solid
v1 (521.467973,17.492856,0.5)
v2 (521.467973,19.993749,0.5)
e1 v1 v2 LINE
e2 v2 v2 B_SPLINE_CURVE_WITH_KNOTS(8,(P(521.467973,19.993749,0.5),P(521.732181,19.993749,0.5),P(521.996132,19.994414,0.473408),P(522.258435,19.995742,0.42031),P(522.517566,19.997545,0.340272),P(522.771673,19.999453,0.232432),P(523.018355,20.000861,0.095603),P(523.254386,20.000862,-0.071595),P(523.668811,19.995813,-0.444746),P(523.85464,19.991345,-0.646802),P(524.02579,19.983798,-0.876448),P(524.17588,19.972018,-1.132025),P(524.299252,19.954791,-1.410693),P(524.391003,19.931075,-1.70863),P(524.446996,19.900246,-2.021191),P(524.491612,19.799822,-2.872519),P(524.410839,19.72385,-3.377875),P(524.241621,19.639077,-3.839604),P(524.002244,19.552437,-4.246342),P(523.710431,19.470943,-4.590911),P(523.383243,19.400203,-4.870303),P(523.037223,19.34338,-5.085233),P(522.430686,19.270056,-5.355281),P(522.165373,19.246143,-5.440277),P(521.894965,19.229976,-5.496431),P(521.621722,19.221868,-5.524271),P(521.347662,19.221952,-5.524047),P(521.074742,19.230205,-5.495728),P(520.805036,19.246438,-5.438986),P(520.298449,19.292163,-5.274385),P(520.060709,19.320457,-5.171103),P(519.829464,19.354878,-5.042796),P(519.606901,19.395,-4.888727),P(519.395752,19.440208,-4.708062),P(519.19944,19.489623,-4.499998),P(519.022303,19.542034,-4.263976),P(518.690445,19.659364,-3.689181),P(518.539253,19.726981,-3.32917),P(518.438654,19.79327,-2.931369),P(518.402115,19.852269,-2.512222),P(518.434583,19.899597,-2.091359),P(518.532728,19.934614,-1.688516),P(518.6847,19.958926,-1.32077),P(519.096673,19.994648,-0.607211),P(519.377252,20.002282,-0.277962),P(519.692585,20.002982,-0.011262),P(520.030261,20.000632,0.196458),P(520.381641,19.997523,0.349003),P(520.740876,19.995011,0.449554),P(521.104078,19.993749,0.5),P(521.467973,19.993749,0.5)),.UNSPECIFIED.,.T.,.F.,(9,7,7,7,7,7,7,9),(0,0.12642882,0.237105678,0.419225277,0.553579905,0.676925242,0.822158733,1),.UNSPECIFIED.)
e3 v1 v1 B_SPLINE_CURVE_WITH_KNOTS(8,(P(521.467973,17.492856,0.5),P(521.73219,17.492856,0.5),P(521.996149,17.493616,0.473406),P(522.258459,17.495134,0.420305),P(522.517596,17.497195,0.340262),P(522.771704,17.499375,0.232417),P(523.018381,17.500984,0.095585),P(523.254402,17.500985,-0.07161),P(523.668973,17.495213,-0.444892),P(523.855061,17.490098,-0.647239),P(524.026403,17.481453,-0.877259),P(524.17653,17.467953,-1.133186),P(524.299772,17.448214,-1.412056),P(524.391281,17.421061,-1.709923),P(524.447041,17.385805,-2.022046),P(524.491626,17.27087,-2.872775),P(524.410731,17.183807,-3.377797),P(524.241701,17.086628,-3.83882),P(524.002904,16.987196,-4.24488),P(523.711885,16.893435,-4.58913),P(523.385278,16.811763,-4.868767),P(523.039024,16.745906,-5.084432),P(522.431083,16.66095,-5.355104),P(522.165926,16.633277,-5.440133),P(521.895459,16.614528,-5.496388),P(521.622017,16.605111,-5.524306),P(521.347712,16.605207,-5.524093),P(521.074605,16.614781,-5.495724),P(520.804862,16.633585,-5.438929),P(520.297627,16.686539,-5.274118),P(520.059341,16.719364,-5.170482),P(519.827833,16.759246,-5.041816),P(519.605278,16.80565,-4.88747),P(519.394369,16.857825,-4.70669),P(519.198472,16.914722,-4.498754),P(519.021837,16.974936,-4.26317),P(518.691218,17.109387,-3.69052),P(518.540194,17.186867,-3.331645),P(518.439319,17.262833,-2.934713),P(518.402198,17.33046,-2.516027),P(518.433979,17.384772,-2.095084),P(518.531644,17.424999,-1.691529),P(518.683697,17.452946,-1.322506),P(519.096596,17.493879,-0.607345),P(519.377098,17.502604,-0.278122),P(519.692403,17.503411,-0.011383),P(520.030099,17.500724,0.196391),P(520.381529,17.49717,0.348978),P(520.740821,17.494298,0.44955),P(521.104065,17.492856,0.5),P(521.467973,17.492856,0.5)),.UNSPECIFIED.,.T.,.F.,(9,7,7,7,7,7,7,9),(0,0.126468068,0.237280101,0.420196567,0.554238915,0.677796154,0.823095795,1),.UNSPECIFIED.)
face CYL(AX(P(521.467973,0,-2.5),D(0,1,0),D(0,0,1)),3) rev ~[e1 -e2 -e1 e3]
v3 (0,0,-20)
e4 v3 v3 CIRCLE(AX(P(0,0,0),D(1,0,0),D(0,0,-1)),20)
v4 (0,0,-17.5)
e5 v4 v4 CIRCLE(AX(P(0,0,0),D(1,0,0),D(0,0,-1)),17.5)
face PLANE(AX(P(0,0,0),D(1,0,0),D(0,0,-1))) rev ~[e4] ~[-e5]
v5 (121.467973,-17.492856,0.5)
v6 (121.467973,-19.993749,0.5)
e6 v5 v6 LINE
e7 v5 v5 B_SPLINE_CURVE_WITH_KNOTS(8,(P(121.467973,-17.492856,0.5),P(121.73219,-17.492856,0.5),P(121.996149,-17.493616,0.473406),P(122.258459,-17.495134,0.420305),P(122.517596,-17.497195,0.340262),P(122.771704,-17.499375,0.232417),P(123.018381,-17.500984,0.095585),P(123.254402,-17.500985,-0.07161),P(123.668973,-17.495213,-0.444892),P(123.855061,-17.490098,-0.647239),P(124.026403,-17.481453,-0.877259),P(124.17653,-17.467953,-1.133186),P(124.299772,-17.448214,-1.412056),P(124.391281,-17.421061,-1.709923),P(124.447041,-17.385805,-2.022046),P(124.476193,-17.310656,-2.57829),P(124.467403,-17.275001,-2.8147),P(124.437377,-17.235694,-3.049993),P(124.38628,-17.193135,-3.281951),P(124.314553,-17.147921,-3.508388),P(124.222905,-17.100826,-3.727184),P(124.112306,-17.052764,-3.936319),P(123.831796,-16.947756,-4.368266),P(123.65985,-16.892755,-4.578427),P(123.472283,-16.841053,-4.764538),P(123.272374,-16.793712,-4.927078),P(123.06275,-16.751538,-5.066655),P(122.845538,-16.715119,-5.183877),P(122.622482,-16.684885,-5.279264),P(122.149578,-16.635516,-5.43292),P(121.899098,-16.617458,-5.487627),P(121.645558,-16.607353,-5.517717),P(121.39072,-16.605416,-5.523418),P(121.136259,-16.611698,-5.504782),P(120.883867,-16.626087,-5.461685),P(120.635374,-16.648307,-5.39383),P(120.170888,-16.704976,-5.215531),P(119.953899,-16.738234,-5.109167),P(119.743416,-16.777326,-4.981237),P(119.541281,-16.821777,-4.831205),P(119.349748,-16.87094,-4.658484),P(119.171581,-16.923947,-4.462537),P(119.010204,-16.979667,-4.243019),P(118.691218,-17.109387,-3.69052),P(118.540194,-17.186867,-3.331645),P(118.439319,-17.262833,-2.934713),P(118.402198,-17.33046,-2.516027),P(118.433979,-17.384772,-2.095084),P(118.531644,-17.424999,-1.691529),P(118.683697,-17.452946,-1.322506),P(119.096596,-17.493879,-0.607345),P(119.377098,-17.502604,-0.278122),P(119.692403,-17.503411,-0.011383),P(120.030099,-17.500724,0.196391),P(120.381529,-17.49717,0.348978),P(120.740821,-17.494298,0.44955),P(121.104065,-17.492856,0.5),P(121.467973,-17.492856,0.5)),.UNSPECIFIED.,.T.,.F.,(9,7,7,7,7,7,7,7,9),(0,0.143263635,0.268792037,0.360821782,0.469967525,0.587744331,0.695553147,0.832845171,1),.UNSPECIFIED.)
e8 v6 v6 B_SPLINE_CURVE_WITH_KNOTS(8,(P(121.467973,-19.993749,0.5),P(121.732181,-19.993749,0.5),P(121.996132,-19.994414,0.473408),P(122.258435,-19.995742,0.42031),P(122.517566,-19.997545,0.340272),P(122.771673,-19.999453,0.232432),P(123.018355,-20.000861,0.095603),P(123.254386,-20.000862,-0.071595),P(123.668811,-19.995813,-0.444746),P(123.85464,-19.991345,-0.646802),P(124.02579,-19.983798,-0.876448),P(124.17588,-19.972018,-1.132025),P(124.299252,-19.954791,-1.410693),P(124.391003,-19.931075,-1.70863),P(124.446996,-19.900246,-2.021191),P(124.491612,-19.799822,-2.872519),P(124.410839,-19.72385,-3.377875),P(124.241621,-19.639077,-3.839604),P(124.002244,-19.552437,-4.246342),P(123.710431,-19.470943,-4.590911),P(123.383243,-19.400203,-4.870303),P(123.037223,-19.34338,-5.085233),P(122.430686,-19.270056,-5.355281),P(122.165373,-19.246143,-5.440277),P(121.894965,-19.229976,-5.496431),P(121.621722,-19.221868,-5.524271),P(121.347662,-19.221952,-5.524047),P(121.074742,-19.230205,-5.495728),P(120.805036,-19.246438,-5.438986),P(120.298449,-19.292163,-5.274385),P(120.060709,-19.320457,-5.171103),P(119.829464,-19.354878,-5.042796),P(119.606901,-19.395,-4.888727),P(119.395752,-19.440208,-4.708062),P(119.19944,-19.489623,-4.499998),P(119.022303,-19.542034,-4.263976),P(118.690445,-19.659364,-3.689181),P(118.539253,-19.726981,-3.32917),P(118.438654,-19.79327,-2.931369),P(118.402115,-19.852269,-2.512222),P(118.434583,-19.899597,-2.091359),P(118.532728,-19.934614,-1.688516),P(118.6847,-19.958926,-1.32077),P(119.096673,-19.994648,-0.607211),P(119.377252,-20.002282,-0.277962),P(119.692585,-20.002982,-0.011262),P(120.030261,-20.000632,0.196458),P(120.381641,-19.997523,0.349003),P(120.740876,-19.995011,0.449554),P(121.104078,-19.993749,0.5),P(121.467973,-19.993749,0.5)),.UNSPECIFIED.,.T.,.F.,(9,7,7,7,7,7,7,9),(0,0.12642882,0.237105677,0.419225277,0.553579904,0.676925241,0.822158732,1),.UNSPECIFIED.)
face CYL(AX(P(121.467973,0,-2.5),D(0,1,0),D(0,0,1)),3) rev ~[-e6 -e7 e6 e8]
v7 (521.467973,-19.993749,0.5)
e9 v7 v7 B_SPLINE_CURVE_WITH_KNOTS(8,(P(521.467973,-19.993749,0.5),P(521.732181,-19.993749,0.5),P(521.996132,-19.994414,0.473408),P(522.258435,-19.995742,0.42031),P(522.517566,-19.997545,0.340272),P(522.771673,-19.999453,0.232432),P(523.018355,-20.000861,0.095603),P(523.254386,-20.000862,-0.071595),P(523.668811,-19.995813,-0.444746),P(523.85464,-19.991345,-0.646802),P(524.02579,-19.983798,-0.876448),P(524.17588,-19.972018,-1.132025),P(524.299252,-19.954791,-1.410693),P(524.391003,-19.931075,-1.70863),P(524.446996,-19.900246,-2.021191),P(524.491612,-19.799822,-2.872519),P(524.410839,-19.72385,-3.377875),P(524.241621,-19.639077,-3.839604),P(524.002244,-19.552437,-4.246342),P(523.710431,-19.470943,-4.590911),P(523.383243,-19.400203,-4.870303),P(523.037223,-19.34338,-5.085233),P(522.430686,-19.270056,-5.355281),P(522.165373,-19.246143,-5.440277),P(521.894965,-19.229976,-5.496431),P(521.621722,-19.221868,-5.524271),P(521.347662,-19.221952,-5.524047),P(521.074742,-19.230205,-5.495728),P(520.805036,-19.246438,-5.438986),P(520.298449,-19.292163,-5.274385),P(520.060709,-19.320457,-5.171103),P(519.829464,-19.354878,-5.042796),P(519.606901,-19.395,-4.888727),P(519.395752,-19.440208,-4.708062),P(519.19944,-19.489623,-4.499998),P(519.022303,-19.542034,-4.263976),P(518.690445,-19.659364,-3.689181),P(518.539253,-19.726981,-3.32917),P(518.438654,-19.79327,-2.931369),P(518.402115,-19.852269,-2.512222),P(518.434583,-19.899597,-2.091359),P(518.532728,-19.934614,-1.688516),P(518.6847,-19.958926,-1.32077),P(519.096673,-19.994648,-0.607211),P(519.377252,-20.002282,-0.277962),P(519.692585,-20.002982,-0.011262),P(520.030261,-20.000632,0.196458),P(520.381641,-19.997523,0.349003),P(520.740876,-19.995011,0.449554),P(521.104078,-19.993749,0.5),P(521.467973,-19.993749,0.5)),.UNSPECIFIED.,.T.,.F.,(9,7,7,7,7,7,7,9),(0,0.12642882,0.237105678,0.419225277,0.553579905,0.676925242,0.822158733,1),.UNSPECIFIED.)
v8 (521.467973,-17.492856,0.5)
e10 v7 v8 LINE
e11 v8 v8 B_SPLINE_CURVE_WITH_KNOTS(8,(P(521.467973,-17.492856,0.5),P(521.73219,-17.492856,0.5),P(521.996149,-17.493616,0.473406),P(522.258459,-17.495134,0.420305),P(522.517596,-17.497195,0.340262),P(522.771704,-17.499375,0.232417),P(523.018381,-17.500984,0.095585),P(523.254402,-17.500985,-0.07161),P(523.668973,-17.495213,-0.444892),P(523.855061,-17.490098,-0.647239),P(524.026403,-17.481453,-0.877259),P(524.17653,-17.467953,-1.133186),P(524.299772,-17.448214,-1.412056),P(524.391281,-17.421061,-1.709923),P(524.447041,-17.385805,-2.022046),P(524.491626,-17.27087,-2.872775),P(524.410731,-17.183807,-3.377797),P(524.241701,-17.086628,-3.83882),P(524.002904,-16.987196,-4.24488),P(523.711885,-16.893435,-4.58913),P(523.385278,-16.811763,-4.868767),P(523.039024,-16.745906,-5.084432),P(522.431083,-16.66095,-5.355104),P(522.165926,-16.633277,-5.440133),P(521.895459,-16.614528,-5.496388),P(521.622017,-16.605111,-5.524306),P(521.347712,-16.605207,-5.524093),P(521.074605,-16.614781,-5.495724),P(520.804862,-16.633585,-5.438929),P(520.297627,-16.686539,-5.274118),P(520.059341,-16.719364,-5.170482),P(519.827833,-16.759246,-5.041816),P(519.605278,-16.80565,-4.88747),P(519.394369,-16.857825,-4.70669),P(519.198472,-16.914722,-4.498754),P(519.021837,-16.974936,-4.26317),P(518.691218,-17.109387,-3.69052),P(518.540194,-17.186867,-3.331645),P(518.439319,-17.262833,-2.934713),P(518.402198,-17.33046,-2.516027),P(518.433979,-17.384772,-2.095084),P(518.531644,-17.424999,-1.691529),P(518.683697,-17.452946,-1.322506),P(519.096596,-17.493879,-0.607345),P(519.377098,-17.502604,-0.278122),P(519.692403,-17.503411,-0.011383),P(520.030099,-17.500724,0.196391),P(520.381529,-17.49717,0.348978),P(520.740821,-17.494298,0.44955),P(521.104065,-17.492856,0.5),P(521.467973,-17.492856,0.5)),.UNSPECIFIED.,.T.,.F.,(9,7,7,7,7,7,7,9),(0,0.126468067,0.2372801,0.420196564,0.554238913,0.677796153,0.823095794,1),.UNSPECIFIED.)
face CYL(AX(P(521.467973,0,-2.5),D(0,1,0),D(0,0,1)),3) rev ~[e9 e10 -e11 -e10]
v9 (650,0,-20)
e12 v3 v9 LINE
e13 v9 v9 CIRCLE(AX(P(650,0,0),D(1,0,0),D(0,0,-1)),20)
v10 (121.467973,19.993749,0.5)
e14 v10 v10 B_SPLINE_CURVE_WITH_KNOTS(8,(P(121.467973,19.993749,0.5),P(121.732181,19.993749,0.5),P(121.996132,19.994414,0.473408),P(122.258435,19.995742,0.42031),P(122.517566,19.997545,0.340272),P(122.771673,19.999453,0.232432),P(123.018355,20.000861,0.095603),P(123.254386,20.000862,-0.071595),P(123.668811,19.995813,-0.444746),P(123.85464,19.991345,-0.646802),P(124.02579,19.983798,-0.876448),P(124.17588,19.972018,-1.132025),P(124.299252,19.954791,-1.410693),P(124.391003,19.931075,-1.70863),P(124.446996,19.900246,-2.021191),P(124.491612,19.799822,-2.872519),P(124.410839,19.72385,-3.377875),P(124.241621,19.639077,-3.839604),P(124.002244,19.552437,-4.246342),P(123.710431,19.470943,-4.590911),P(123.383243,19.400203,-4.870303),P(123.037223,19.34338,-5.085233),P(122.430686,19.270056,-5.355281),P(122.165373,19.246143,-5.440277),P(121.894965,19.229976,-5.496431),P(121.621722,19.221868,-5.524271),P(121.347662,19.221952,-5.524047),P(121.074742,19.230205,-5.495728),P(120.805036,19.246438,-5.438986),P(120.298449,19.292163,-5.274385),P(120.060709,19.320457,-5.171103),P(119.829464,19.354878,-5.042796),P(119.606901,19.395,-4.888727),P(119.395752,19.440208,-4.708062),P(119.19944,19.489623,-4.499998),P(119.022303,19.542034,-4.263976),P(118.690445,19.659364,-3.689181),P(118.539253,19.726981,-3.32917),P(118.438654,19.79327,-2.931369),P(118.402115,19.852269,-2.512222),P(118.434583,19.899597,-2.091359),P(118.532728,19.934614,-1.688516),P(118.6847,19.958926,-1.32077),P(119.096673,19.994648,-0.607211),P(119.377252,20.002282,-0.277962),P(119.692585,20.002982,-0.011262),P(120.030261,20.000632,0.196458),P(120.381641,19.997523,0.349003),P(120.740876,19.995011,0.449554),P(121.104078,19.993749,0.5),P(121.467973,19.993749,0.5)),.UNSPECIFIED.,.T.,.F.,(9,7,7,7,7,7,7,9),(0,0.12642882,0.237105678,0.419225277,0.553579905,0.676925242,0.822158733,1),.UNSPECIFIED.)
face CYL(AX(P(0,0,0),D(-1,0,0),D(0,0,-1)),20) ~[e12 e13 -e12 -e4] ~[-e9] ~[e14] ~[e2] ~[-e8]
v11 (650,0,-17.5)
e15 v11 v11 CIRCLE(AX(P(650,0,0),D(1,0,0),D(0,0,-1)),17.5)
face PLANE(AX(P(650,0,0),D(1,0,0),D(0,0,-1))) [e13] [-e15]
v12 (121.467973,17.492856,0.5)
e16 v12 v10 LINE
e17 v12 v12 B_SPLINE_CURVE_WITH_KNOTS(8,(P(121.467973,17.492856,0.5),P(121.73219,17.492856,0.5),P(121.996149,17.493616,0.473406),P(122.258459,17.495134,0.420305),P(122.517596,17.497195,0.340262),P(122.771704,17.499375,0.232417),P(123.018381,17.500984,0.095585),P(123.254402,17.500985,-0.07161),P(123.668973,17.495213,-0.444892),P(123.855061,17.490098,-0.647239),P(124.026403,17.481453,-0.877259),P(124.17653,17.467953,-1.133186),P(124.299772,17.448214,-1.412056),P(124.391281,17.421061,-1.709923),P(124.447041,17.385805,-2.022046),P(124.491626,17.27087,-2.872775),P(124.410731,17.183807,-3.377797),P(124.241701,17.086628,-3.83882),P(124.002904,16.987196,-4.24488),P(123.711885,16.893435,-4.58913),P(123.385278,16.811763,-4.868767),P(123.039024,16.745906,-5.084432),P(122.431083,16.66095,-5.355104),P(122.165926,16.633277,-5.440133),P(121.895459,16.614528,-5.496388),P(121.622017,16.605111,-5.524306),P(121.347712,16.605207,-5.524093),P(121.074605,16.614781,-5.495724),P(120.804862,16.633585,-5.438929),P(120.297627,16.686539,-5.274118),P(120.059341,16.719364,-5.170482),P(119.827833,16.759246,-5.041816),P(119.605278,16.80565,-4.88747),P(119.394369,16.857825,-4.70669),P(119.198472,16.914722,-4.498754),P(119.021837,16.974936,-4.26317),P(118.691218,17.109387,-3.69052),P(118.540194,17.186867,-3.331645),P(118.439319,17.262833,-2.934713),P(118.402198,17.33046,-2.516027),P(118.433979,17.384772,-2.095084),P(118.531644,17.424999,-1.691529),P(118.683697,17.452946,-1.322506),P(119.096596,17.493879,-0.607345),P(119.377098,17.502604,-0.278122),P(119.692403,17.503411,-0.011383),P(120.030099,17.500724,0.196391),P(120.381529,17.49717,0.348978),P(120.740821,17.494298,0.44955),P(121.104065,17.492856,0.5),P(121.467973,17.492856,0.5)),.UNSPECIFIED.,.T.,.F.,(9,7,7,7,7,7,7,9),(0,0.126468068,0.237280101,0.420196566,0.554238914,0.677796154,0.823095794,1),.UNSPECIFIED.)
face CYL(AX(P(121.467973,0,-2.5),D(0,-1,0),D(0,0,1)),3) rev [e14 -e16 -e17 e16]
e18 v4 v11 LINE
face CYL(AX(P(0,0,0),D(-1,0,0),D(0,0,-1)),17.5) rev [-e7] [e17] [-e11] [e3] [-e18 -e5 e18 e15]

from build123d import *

# Parameters (mm, degrees)
SKETCH2_R           = 20
SKETCH2_R_2         = 17.5
BOSS_EXTRUDE1_DEPTH = 650
SKETCH3_R           = 3
CUT_EXTRUDE1_DEPTH  = 30


with BuildPart() as part:
    # Sketch2 → Boss-Extrude1 (new body)
    with BuildSketch(Plane(origin=(0, 0, 0), x_dir=(0, 0, -1), z_dir=(1, 0, 0))):
        Circle(SKETCH2_R)
        Circle(SKETCH2_R_2, mode=Mode.SUBTRACT)
    extrude(amount=BOSS_EXTRUDE1_DEPTH)

    # Sketch3 → Cut-Extrude1 (cut, symmetric)
    with BuildSketch(Plane(origin=(0, 0, 0), x_dir=(1, 0, 0), z_dir=(0, 1, 0))):
        with Locations(Location((121.46797255, 2.5, 0), (0, 0, 270))):
            Circle(SKETCH3_R)
        with Locations(Location((521.46797255, 2.5, 0), (0, 0, 270))):
            Circle(SKETCH3_R)
    extrude(amount=CUT_EXTRUDE1_DEPTH, both=True, mode=Mode.SUBTRACT)


solid = part.part
